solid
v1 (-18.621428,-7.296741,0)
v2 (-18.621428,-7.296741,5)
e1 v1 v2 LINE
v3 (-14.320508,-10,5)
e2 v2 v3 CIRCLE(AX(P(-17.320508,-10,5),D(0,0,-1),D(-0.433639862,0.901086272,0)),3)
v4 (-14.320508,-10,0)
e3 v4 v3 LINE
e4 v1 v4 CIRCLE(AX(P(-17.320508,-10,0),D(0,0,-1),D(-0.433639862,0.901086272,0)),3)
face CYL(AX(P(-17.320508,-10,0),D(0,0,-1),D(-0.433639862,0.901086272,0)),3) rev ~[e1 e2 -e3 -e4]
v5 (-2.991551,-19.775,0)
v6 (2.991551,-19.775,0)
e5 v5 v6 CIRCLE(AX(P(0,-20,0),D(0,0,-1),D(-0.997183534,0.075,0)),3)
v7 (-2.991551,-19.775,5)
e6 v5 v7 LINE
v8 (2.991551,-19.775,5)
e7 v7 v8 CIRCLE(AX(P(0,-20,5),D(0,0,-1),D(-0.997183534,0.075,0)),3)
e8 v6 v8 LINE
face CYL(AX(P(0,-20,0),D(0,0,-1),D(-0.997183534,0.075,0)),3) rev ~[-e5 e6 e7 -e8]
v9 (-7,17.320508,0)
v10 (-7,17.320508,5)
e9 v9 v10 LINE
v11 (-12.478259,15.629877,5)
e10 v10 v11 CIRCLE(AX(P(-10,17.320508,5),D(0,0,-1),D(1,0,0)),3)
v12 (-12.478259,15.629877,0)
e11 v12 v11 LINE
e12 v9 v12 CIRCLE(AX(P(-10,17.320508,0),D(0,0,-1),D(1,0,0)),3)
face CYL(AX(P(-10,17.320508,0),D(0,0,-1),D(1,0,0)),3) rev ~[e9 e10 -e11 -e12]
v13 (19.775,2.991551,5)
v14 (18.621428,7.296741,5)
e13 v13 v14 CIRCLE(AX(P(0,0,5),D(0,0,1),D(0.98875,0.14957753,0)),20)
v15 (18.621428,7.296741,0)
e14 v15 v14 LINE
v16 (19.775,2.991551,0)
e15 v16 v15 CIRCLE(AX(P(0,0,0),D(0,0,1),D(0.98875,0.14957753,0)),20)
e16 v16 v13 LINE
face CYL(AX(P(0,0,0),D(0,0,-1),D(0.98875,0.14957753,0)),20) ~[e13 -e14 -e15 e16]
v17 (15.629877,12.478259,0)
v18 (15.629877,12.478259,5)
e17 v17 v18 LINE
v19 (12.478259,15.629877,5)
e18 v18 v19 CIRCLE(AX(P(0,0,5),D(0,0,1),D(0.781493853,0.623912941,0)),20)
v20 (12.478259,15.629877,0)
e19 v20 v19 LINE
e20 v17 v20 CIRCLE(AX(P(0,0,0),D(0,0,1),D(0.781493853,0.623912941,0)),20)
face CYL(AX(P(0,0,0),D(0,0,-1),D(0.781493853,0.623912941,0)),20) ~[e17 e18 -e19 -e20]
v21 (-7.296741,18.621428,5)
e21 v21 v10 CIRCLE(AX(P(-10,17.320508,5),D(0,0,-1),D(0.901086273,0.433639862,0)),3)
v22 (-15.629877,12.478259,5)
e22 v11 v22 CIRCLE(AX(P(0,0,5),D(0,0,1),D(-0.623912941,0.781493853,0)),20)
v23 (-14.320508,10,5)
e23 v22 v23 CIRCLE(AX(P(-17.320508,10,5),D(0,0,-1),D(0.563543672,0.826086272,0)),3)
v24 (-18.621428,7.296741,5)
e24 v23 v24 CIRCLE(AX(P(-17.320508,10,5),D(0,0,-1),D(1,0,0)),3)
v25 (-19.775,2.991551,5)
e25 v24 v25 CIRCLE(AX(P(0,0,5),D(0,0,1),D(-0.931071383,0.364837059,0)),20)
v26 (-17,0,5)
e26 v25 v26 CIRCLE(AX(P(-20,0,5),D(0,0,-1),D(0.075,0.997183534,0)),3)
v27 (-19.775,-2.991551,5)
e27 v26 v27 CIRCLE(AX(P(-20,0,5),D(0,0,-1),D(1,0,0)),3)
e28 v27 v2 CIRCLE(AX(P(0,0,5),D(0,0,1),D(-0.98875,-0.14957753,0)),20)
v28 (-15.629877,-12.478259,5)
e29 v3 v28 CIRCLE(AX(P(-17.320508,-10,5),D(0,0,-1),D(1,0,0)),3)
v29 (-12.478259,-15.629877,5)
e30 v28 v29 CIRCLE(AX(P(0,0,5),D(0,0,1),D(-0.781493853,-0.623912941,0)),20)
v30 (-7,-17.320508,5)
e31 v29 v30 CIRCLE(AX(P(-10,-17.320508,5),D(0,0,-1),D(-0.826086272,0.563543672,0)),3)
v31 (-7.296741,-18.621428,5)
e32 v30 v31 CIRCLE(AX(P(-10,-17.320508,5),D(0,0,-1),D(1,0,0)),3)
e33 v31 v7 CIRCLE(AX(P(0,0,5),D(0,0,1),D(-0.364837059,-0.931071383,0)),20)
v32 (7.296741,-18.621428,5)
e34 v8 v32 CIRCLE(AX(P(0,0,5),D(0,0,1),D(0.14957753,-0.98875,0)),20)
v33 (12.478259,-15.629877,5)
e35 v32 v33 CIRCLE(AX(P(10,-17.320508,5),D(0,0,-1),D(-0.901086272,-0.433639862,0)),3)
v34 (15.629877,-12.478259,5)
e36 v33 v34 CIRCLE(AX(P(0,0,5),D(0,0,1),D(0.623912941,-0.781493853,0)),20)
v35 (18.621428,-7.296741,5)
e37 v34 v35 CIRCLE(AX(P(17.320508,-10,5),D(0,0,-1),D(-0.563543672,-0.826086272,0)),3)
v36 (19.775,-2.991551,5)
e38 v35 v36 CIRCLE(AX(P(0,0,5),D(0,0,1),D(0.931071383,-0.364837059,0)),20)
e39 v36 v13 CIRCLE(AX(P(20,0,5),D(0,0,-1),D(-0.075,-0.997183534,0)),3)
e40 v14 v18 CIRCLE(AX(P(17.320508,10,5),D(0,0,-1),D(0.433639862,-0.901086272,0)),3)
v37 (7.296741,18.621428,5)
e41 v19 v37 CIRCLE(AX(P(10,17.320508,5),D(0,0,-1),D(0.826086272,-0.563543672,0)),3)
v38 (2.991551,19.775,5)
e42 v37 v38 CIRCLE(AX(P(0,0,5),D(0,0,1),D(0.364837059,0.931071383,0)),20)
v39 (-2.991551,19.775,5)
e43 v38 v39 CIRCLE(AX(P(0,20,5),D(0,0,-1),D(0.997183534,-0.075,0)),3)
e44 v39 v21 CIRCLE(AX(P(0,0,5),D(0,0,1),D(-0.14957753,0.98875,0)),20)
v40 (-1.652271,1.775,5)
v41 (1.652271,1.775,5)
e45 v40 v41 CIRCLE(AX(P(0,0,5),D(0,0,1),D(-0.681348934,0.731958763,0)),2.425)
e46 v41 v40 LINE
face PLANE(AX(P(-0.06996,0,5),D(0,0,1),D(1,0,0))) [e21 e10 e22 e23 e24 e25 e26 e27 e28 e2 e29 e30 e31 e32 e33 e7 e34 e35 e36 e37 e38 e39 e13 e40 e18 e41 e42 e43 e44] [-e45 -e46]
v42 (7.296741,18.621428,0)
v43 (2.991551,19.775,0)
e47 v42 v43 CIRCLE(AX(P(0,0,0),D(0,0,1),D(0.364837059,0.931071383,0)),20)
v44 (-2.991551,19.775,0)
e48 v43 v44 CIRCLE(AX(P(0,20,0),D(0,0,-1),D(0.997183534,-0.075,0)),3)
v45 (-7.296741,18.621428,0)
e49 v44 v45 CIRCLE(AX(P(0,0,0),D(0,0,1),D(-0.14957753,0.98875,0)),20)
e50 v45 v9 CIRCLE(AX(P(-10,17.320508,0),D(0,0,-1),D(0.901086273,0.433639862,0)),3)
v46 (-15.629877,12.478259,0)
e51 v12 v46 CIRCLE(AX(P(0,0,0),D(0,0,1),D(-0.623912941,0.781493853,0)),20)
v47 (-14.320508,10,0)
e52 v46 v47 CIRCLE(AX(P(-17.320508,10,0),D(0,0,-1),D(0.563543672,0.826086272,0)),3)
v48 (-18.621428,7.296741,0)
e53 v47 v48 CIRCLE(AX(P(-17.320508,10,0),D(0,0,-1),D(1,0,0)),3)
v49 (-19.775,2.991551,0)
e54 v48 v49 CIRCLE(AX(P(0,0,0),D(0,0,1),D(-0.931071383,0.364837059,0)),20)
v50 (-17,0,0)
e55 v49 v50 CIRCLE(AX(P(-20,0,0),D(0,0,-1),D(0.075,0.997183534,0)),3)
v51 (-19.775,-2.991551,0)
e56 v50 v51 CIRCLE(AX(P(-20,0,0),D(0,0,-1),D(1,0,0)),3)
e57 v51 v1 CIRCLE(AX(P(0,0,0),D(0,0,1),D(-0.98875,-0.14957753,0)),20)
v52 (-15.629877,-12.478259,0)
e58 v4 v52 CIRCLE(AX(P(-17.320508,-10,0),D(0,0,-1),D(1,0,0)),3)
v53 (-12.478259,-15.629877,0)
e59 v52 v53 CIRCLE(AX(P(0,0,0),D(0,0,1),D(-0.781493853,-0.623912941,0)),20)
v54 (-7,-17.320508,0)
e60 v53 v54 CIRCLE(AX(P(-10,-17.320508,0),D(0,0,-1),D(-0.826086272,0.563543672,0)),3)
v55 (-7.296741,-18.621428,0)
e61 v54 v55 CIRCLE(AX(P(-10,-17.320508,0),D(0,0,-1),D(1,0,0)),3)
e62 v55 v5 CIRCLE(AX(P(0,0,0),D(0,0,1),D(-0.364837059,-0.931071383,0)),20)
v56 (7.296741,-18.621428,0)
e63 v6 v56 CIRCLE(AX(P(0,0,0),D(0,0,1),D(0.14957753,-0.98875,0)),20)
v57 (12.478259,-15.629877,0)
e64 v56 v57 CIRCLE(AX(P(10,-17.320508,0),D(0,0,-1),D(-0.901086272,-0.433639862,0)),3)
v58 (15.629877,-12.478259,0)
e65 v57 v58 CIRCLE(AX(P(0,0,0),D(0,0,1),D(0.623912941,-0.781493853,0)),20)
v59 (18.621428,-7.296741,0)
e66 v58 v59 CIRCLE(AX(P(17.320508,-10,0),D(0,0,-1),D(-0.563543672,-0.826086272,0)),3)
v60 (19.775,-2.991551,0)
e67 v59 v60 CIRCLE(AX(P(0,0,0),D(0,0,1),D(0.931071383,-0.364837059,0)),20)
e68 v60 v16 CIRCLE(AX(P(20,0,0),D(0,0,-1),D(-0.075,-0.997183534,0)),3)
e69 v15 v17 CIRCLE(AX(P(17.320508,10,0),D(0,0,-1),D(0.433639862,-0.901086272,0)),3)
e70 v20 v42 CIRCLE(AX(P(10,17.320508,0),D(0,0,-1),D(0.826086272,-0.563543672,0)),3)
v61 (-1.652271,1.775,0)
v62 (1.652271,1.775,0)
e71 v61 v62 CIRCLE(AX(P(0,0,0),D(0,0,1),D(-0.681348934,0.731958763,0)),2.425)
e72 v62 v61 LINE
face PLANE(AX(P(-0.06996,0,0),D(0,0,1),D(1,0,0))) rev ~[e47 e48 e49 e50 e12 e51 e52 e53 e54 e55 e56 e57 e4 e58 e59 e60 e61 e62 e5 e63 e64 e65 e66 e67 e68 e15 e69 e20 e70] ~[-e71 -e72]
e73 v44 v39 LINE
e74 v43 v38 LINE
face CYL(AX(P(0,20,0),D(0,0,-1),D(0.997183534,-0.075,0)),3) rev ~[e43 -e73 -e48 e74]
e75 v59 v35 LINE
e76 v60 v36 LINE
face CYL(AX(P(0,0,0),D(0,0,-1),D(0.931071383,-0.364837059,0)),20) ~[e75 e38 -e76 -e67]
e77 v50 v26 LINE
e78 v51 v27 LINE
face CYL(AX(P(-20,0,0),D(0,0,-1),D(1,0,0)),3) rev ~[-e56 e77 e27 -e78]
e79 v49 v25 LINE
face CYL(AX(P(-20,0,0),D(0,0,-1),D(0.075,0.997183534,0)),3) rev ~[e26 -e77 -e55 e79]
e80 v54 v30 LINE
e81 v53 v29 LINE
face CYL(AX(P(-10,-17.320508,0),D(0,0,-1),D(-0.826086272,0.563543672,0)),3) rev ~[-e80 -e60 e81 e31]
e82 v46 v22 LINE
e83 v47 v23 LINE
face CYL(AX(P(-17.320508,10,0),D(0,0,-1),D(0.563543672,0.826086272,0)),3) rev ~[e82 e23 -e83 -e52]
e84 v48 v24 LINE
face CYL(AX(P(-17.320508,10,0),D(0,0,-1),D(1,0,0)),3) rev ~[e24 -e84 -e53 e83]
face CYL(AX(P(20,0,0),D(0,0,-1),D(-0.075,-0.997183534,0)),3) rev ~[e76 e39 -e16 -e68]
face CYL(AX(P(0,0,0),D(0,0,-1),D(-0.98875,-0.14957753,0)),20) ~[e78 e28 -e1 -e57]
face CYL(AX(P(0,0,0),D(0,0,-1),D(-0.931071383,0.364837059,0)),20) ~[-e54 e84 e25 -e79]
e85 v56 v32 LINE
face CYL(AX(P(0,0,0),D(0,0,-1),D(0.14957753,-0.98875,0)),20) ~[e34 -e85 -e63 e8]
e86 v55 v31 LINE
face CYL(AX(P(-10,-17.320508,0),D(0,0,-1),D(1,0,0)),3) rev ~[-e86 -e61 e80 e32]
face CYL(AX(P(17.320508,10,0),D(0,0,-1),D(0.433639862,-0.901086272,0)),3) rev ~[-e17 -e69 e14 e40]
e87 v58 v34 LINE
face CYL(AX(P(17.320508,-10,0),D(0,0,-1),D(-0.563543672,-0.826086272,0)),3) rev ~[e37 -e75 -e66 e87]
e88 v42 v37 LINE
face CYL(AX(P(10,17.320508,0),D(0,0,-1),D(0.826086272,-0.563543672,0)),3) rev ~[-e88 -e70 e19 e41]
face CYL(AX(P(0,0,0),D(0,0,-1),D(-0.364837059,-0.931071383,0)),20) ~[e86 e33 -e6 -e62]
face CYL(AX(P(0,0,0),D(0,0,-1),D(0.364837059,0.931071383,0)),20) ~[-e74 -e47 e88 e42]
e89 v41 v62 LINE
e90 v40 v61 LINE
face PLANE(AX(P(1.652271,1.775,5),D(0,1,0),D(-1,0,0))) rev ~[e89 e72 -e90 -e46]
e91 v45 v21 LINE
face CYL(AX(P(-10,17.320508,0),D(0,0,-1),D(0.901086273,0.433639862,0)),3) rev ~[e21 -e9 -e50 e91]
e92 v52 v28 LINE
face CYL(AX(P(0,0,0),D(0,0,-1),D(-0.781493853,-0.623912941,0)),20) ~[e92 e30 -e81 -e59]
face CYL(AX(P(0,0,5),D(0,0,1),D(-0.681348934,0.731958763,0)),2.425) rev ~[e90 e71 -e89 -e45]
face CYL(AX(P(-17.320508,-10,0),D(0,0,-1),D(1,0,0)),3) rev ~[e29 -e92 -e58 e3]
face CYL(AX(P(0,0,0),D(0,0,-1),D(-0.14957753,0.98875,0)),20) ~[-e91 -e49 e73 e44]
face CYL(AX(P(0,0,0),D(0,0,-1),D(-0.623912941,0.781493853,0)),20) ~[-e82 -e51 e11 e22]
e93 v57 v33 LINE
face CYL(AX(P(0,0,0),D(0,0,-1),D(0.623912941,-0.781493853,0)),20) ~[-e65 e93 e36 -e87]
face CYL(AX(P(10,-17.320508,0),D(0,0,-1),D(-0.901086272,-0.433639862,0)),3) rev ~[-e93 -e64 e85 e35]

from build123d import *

# Parameters (mm, degrees)
F1_DEPTH = 5
F3_DEPTH = 5.001


with BuildPart() as f1:
    # F0 (on Top) → F1 (new body)
    with BuildSketch(Plane.XY):
        with BuildLine():
            ThreePointArc((19.775, -2.9915506013), (17, 0), (19.775, 2.9915506013))
            ThreePointArc((19.775, 2.9915506013), (19.3185165258, 5.1763809021), (18.6214276605, 7.2967411826))
            ThreePointArc((18.6214276605, 7.2967411826), (14.7224318643, 8.5), (15.6298770592, 12.4782588174))
            ThreePointArc((15.6298770592, 12.4782588174), (14.1421356237, 14.1421356237), (12.4782588174, 15.6298770592))
            ThreePointArc((12.4782588174, 15.6298770592), (8.5, 14.7224318643), (7.2967411826, 18.6214276605))
            ThreePointArc((7.2967411826, 18.6214276605), (5.176380902, 19.3185165258), (2.9915506013, 19.775))
            ThreePointArc((2.9915506013, 19.775), (0, 17), (-2.9915506013, 19.775))
            ThreePointArc((-2.9915506013, 19.775), (-5.176380902, 19.3185165258), (-7.2967411826, 18.6214276605))
            ThreePointArc((-7.2967411826, 18.6214276605), (-7.075125947, 17.9876750517), (-7, 17.3205080757))
            ThreePointArc((-7, 17.3205080757), (-9.1153465233, 14.4539093549), (-12.4782588174, 15.6298770592))
            ThreePointArc((-12.4782588174, 15.6298770592), (-14.1421356237, 14.1421356237), (-15.6298770592, 12.4782588174))
            ThreePointArc((-15.6298770592, 12.4782588174), (-14.6679722089, 11.401446922), (-14.3205080757, 10))
            ThreePointArc((-14.3205080757, 10), (-15.7240680916, 7.4600434301), (-18.6214276605, 7.2967411826))
            ThreePointArc((-18.6214276605, 7.2967411826), (-19.3185165258, 5.1763809021), (-19.775, 2.9915506013))
            ThreePointArc((-19.775, 2.9915506013), (-17.8005682552, 2.0402205763), (-17, 0))
            ThreePointArc((-17, 0), (-17.8005682552, -2.0402205763), (-19.775, -2.9915506013))
            ThreePointArc((-19.775, -2.9915506013), (-19.3185165258, -5.1763809021), (-18.6214276605, -7.2967411826))
            ThreePointArc((-18.6214276605, -7.2967411826), (-15.7240680916, -7.4600434301), (-14.3205080757, -10))
            ThreePointArc((-14.3205080757, -10), (-14.6679722089, -11.401446922), (-15.6298770592, -12.4782588174))
            ThreePointArc((-15.6298770592, -12.4782588174), (-14.1421356237, -14.1421356237), (-12.4782588174, -15.6298770592))
            ThreePointArc((-12.4782588174, -15.6298770592), (-9.1153465233, -14.4539093549), (-7, -17.3205080757))
            ThreePointArc((-7, -17.3205080757), (-7.075125947, -17.9876750517), (-7.2967411826, -18.6214276605))
            ThreePointArc((-7.2967411826, -18.6214276605), (-5.176380902, -19.3185165258), (-2.9915506013, -19.775))
            ThreePointArc((-2.9915506013, -19.775), (0, -17), (2.9915506013, -19.775))
            ThreePointArc((2.9915506013, -19.775), (5.176380902, -19.3185165258), (7.2967411826, -18.6214276605))
            ThreePointArc((7.2967411826, -18.6214276605), (8.5, -14.7224318643), (12.4782588174, -15.6298770592))
            ThreePointArc((12.4782588174, -15.6298770592), (14.1421356237, -14.1421356237), (15.6298770592, -12.4782588174))
            ThreePointArc((15.6298770592, -12.4782588174), (14.7224318643, -8.5), (18.6214276605, -7.2967411826))
            ThreePointArc((18.6214276605, -7.2967411826), (19.3185165258, -5.1763809021), (19.775, -2.9915506013))
        make_face()
    extrude(amount=F1_DEPTH)

    # F2 (on face) → F3 (cut, through all)
    with BuildSketch(Plane.XY.offset(5)):
        with BuildLine():
            Line((1.6522711642, 1.775), (-1.6522711642, 1.775))
            ThreePointArc((-1.6522711642, 1.775), (0, -2.425), (1.6522711642, 1.775))
        make_face()
    extrude(amount=-F3_DEPTH, mode=Mode.SUBTRACT)


solid = f1.part
